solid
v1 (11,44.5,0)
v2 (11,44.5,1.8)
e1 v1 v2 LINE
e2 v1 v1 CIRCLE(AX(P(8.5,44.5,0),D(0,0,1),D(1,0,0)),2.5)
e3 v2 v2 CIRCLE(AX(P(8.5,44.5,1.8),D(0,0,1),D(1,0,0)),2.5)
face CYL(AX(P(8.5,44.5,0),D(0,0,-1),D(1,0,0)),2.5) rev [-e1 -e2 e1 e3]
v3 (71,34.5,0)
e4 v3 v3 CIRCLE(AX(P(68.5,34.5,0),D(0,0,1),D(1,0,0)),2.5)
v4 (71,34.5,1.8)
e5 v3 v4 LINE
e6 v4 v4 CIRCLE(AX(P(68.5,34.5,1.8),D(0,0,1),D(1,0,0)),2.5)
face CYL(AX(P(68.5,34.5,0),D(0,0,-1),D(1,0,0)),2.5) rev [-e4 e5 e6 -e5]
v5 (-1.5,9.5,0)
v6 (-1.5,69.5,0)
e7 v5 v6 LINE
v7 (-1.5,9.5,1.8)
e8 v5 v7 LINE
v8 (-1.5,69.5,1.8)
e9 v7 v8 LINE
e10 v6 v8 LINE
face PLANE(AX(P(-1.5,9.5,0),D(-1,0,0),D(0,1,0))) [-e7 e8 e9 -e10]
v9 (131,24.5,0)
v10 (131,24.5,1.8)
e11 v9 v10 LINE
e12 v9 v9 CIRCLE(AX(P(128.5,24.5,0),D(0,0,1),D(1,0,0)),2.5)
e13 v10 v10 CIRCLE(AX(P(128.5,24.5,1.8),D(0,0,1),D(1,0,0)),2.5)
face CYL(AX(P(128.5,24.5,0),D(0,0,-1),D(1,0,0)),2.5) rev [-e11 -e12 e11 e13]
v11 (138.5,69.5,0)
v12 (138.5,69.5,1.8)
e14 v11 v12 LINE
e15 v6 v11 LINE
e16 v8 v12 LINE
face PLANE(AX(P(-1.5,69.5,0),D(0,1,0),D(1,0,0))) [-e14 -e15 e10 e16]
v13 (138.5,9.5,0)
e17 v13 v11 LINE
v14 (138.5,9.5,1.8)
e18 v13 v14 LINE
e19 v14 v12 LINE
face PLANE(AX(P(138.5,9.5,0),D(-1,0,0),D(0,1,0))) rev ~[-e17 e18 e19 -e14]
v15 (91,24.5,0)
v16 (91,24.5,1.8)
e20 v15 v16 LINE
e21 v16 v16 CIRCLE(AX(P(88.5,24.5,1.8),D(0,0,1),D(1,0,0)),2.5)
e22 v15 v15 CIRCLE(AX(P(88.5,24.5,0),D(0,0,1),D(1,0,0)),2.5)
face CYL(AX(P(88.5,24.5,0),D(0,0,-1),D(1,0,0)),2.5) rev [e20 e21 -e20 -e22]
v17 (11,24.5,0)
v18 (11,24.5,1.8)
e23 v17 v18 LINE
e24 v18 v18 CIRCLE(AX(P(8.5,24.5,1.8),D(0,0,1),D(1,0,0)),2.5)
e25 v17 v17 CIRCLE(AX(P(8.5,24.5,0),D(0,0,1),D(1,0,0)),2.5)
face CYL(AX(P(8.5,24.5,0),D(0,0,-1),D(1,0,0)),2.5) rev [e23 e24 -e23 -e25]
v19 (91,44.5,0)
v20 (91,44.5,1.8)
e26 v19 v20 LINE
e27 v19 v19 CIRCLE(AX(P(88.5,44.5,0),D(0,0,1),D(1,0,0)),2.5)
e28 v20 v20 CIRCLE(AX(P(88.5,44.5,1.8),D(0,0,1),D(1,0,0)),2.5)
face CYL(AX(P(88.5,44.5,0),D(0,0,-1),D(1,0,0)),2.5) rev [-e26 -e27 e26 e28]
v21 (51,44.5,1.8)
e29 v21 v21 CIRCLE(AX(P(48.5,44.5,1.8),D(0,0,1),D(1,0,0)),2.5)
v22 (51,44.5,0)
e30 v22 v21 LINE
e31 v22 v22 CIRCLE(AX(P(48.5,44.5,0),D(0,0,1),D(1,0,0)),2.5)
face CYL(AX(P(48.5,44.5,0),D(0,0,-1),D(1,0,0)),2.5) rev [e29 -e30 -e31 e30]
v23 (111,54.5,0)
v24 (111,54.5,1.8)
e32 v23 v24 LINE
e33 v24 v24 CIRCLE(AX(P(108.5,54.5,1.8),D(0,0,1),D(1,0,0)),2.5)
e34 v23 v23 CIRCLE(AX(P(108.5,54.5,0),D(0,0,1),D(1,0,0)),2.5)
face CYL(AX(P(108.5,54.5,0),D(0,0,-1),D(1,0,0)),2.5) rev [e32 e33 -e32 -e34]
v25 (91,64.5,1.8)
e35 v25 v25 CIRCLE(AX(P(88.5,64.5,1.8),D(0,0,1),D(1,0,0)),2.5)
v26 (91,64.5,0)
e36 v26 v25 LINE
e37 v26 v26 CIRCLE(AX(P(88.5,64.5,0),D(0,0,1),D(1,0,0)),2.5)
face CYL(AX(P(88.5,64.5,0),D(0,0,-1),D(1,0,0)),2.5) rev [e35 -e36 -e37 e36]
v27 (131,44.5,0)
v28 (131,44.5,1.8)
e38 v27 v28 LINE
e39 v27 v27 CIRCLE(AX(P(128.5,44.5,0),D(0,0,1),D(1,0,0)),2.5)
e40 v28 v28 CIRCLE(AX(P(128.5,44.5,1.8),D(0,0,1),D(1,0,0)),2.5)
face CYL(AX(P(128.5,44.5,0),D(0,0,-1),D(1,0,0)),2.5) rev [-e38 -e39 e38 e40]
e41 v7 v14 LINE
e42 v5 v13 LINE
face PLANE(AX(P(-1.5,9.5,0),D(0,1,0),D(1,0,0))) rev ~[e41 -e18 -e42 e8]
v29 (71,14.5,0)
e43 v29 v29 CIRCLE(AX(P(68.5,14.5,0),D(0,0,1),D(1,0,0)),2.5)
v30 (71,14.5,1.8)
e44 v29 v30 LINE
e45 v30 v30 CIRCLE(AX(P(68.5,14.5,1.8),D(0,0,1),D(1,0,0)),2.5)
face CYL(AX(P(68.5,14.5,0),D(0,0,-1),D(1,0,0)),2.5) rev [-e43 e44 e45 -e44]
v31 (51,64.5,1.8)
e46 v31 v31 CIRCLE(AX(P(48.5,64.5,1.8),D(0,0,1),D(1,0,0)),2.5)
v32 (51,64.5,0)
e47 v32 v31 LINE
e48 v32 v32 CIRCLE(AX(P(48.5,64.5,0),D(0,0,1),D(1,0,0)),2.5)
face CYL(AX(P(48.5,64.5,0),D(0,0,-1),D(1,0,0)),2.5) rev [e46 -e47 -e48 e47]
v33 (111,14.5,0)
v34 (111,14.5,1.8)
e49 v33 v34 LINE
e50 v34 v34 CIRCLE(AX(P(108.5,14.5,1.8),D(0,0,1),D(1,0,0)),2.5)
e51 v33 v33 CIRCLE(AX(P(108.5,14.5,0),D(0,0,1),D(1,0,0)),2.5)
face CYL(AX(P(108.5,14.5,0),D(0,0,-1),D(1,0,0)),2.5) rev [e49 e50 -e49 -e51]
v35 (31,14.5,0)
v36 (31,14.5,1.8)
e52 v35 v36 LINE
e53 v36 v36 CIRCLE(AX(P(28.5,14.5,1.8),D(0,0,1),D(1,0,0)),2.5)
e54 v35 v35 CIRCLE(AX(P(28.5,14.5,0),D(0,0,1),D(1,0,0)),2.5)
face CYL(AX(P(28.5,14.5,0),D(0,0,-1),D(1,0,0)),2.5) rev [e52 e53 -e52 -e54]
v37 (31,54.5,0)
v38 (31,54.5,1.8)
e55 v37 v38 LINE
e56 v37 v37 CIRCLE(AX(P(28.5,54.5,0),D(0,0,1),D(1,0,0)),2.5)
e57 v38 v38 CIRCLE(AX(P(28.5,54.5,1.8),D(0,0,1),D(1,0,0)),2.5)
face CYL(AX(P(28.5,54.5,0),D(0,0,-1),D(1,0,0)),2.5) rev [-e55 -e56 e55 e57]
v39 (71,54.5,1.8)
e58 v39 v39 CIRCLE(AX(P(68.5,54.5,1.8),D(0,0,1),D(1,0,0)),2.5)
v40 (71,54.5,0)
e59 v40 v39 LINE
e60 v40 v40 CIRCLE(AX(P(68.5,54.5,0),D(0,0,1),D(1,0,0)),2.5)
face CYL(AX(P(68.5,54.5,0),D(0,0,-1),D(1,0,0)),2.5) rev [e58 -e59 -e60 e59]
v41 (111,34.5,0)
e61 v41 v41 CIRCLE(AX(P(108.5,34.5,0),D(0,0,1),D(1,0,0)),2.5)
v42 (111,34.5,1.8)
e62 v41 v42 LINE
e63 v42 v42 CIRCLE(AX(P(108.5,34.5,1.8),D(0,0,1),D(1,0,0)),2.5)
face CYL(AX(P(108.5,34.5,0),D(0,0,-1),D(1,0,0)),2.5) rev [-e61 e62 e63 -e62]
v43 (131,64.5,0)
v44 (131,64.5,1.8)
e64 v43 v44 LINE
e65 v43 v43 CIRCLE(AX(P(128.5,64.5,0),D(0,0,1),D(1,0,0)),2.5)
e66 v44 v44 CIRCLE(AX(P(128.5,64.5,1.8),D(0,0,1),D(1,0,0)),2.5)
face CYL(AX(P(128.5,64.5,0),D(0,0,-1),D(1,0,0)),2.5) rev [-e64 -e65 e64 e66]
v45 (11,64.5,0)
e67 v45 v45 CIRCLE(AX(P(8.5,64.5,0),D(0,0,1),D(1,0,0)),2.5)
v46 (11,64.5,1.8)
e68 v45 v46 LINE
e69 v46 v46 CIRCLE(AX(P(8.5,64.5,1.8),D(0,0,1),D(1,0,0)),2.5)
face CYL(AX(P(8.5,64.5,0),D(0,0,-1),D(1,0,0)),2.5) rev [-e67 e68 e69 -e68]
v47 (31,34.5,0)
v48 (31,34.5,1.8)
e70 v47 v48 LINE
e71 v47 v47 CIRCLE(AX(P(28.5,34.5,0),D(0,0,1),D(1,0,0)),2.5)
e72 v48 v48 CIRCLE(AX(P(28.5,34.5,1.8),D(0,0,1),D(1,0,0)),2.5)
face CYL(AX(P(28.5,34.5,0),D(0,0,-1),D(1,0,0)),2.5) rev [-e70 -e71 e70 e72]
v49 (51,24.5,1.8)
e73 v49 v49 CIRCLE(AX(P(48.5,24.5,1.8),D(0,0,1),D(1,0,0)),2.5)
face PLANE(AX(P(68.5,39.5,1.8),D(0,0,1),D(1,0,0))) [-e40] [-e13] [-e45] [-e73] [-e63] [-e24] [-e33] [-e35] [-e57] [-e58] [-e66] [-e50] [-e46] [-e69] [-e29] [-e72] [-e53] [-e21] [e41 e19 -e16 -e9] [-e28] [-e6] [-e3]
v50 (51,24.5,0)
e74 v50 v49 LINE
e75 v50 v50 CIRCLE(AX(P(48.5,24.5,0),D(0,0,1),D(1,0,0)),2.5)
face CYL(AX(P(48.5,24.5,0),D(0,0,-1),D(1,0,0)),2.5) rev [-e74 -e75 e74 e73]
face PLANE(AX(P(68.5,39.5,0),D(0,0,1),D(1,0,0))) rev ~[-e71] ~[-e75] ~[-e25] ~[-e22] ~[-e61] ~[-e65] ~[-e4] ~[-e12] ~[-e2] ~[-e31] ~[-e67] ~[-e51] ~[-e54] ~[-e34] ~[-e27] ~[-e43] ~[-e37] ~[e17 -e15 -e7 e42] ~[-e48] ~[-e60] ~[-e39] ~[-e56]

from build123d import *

# Parameters (mm, degrees)
SKETCH_W  = 140
SKETCH_H  = 60
SKETCH_R  = 2.5
PAD_DEPTH = 1.8


with BuildPart() as part:
    # Sketch → Pad (new body)
    with BuildSketch(Plane.XY):
        with Locations((68.5, 39.5)):
            Rectangle(SKETCH_W, SKETCH_H)
        with Locations((28.5, 14.5)):
            Circle(SKETCH_R, mode=Mode.SUBTRACT)
        with Locations((108.5, 14.5)):
            Circle(SKETCH_R, mode=Mode.SUBTRACT)
        with Locations((8.5, 24.5)):
            Circle(SKETCH_R, mode=Mode.SUBTRACT)
        with Locations((48.5, 24.5)):
            Circle(SKETCH_R, mode=Mode.SUBTRACT)
        with Locations((88.5, 24.5)):
            Circle(SKETCH_R, mode=Mode.SUBTRACT)
        with Locations((8.5, 44.5)):
            Circle(SKETCH_R, mode=Mode.SUBTRACT)
        with Locations((48.5, 44.5)):
            Circle(SKETCH_R, mode=Mode.SUBTRACT)
        with Locations((88.5, 44.5)):
            Circle(SKETCH_R, mode=Mode.SUBTRACT)
        with Locations((28.5, 54.5)):
            Circle(SKETCH_R, mode=Mode.SUBTRACT)
        with Locations((68.5, 54.5)):
            Circle(SKETCH_R, mode=Mode.SUBTRACT)
        with Locations((108.5, 54.5)):
            Circle(SKETCH_R, mode=Mode.SUBTRACT)
        with Locations((88.5, 64.5)):
            Circle(SKETCH_R, mode=Mode.SUBTRACT)
        with Locations((48.5, 64.5)):
            Circle(SKETCH_R, mode=Mode.SUBTRACT)
        with Locations((8.5, 64.5)):
            Circle(SKETCH_R, mode=Mode.SUBTRACT)
        with Locations((28.5, 34.5)):
            Circle(SKETCH_R, mode=Mode.SUBTRACT)
        with Locations((68.5, 34.5)):
            Circle(SKETCH_R, mode=Mode.SUBTRACT)
        with Locations((108.5, 34.5)):
            Circle(SKETCH_R, mode=Mode.SUBTRACT)
        with Locations((68.5, 14.5)):
            Circle(SKETCH_R, mode=Mode.SUBTRACT)
        with Locations((128.5, 24.5)):
            Circle(SKETCH_R, mode=Mode.SUBTRACT)
        with Locations((128.5, 44.5)):
            Circle(SKETCH_R, mode=Mode.SUBTRACT)
        with Locations((128.5, 64.5)):
            Circle(SKETCH_R, mode=Mode.SUBTRACT)
    extrude(amount=PAD_DEPTH)


solid = part.part
